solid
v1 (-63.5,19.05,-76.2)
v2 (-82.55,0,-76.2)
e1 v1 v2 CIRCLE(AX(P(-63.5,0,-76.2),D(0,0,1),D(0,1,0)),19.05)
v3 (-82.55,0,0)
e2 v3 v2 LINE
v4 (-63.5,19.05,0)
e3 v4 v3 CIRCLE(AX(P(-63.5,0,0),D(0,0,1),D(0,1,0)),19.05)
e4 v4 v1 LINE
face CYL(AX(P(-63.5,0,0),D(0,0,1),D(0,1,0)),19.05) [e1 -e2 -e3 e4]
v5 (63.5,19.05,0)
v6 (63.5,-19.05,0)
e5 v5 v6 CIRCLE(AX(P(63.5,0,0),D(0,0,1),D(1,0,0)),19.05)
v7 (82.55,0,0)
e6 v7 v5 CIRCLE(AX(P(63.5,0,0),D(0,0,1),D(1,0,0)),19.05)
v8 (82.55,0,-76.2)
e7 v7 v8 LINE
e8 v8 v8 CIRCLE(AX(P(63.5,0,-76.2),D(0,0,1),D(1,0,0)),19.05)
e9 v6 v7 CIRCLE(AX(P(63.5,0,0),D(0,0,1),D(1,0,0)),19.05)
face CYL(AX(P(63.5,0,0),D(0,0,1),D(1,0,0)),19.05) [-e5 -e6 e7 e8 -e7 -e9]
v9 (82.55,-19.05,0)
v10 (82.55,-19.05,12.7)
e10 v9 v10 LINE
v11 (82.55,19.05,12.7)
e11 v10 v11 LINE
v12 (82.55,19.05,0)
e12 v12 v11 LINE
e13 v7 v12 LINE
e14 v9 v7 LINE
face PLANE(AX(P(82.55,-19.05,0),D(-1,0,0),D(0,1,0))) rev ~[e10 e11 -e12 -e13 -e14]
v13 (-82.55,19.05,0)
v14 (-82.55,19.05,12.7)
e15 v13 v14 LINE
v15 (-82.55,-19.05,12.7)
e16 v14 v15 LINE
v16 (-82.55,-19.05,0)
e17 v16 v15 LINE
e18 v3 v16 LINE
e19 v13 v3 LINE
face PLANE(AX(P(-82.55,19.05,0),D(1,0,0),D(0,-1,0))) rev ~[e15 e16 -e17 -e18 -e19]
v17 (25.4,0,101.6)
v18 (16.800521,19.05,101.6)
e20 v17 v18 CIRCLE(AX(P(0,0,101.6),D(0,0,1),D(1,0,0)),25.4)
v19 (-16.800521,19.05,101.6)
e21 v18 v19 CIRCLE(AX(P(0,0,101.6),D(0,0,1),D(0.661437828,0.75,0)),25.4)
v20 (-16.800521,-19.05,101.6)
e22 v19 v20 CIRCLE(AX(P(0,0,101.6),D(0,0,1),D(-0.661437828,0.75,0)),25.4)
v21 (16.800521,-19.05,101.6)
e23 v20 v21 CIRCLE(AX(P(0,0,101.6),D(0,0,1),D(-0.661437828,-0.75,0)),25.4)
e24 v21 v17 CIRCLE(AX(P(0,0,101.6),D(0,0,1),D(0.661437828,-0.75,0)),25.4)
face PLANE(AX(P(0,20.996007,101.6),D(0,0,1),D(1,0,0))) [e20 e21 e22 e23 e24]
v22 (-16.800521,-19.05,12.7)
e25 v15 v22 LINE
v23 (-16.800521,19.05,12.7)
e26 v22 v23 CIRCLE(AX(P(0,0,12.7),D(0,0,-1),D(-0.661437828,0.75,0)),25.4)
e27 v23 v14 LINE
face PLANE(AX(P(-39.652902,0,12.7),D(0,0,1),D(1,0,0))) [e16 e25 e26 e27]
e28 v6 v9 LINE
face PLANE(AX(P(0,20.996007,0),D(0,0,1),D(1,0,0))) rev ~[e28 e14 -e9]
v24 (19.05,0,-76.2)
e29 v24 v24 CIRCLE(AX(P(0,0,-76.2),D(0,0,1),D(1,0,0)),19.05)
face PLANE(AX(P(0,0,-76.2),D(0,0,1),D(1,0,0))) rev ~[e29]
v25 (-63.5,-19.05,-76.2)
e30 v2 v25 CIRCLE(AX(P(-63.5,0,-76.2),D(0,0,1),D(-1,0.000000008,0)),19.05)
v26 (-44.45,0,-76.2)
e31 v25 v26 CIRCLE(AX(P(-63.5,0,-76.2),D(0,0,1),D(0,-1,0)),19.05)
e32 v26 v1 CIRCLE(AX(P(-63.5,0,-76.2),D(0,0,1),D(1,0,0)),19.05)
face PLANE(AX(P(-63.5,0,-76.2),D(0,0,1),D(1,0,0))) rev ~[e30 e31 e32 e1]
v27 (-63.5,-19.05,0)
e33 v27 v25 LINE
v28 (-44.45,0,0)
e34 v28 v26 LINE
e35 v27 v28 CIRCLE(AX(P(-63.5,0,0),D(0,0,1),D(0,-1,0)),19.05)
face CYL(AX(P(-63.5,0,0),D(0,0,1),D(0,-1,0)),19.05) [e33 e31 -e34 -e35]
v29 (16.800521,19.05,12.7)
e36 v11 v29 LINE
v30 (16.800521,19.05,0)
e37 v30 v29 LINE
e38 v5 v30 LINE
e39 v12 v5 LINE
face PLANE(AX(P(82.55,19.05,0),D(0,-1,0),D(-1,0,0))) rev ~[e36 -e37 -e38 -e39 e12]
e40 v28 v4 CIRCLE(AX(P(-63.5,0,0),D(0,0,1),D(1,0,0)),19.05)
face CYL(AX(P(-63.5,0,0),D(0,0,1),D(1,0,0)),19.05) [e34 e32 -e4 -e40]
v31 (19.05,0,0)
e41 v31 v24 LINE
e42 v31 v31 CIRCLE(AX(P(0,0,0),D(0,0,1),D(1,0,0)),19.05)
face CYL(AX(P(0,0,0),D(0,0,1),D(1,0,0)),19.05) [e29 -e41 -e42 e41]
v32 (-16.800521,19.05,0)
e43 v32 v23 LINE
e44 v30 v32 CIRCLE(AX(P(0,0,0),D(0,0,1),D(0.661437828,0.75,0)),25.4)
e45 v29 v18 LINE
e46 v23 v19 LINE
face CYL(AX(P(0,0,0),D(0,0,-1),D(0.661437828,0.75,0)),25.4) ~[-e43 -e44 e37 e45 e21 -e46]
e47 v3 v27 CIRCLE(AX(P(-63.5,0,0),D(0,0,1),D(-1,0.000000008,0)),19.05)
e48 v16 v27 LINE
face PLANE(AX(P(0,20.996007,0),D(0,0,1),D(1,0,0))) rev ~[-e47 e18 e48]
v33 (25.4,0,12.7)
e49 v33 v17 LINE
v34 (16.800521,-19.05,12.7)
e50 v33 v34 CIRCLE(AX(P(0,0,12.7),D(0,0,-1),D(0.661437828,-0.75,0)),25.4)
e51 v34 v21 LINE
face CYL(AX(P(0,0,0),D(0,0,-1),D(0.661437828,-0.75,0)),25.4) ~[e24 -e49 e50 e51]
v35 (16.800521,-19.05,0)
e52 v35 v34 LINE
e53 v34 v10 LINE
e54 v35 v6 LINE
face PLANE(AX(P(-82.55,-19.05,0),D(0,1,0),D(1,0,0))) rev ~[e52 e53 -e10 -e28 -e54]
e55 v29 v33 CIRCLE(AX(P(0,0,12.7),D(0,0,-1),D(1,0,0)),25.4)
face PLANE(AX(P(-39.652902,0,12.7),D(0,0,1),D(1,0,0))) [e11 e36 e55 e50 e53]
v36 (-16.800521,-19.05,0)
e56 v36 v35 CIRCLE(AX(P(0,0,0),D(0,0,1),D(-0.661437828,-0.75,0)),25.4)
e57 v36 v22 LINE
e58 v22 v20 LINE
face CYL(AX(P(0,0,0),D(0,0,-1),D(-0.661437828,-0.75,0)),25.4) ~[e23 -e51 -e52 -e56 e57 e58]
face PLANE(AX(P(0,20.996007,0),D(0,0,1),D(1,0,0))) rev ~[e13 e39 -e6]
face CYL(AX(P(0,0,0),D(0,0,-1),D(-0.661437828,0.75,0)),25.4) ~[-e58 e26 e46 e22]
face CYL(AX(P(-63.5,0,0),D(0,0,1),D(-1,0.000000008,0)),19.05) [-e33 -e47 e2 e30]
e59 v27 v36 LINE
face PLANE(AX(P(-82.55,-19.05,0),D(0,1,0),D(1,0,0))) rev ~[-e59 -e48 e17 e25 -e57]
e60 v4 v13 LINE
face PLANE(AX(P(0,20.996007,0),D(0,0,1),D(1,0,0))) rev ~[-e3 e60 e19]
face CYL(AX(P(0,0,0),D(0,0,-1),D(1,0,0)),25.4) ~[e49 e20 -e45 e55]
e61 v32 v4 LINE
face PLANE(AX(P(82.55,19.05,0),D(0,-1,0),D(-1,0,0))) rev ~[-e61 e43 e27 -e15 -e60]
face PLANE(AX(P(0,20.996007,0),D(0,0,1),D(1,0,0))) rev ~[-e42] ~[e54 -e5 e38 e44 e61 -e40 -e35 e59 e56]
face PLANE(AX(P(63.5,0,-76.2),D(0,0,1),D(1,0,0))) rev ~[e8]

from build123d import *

# Parameters (mm, degrees)
F1_DEPTH = 12.7
F2_DEPTH = 101.6
F3_DEPTH = 76.2


with BuildPart() as f1:
    # F0 (on Top) → F1 (new body)
    with BuildSketch(Plane.XY):
        with BuildLine():
            ThreePointArc((-16.8005208253, -19.05), (-25.4, 0), (-16.8005208253, 19.05))
            Line((-16.8005208253, 19.05), (-63.5, 19.05))
            ThreePointArc((-63.5, 19.05), (-50.0296158184, 13.4703841816), (-44.45, 0))
            ThreePointArc((-44.45, 0), (-50.0296158184, -13.4703841816), (-63.5, -19.05))
            Line((-63.5, -19.05), (-16.8005208253, -19.05))
        make_face()
        with BuildLine():
            ThreePointArc((-82.55, 1.56e-07), (-76.9703841264, 13.4703842368), (-63.5, 19.05))
            Line((-63.5, 19.05), (-82.55, 19.05))
            Line((-82.55, 19.05), (-82.55, 1.56e-07))
        make_face()
        with BuildLine():
            Line((-82.55, -19.05), (-63.5, -19.05))
            ThreePointArc((-63.5, -19.05), (-76.9703842368, -13.4703841264), (-82.55, 1.56e-07))
            Line((-82.55, 1.56e-07), (-82.55, -19.05))
        make_face()
        with BuildLine():
            Line((82.55, 19.05), (63.5, 19.05))
            ThreePointArc((63.5, 19.05), (76.9703841816, 13.4703841816), (82.55, 0))
            Line((82.55, 0), (82.55, 19.05))
        make_face()
        with BuildLine():
            ThreePointArc((82.55, 0), (76.9703841816, -13.4703841816), (63.5, -19.05))
            Line((63.5, -19.05), (82.55, -19.05))
            Line((82.55, -19.05), (82.55, 0))
        make_face()
        with BuildLine():
            ThreePointArc((16.8005208253, 19.05), (23.1505208253, 10.4505208253), (25.4, 0))
            ThreePointArc((25.4, 0), (23.1505208253, -10.4505208253), (16.8005208253, -19.05))
            Line((16.8005208253, -19.05), (63.5, -19.05))
            ThreePointArc((63.5, -19.05), (44.45, 0), (63.5, 19.05))
            Line((63.5, 19.05), (16.8005208253, 19.05))
        make_face()
        with BuildLine():
            ThreePointArc((82.55, 0), (76.9703841816, 13.4703841816), (63.5, 19.05))
            ThreePointArc((63.5, 19.05), (44.45, 0), (63.5, -19.05))
            ThreePointArc((63.5, -19.05), (76.9703841816, -13.4703841816), (82.55, 0))
        make_face()
        with BuildLine():
            ThreePointArc((19.05, 0), (13.4703841605, 13.4703842027), (-5.96e-08, 19.05))
            ThreePointArc((-5.96e-08, 19.05), (-19.05, 7.1e-09), (-7.38e-08, -19.05))
            ThreePointArc((-7.38e-08, -19.05), (13.4703841555, -13.4703842077), (19.05, 0))
        make_face()
        with BuildLine():
            ThreePointArc((16.8005208253, -19.05), (23.1505208253, -10.4505208253), (25.4, 0))
            ThreePointArc((25.4, 0), (23.1505208253, 10.4505208253), (16.8005208253, 19.05))
            Line((16.8005208253, 19.05), (-5.96e-08, 19.05))
            ThreePointArc((-5.96e-08, 19.05), (13.4703841605, 13.4703842027), (19.05, 0))
            ThreePointArc((19.05, 0), (13.4703841555, -13.4703842077), (-7.38e-08, -19.05))
            Line((-7.38e-08, -19.05), (16.8005208253, -19.05))
        make_face()
        with BuildLine():
            Line((-5.96e-08, 19.05), (-16.8005208253, 19.05))
            ThreePointArc((-16.8005208253, 19.05), (-25.4, 0), (-16.8005208253, -19.05))
            Line((-16.8005208253, -19.05), (-7.38e-08, -19.05))
            ThreePointArc((-7.38e-08, -19.05), (-19.05, 7.1e-09), (-5.96e-08, 19.05))
        make_face()
        with BuildLine():
            ThreePointArc((-44.45, 0), (-50.0296158184, 13.4703841816), (-63.5, 19.05))
            ThreePointArc((-63.5, 19.05), (-76.9703841264, 13.4703842368), (-82.55, 1.56e-07))
            ThreePointArc((-82.55, 1.56e-07), (-76.9703842368, -13.4703841264), (-63.5, -19.05))
            ThreePointArc((-63.5, -19.05), (-50.0296158184, -13.4703841816), (-44.45, 0))
        make_face()
    extrude(amount=F1_DEPTH)

    # F0 (on Top) → F2 (join)
    with BuildSketch(Plane.XY):
        with BuildLine():
            Line((-5.96e-08, 19.05), (16.8005208253, 19.05))
            ThreePointArc((16.8005208253, 19.05), (0, 25.4), (-16.8005208253, 19.05))
            Line((-16.8005208253, 19.05), (-5.96e-08, 19.05))
        make_face()
        with BuildLine():
            ThreePointArc((16.8005208253, -19.05), (23.1505208253, -10.4505208253), (25.4, 0))
            ThreePointArc((25.4, 0), (23.1505208253, 10.4505208253), (16.8005208253, 19.05))
            Line((16.8005208253, 19.05), (-5.96e-08, 19.05))
            ThreePointArc((-5.96e-08, 19.05), (13.4703841605, 13.4703842027), (19.05, 0))
            ThreePointArc((19.05, 0), (13.4703841555, -13.4703842077), (-7.38e-08, -19.05))
            Line((-7.38e-08, -19.05), (16.8005208253, -19.05))
        make_face()
        with BuildLine():
            ThreePointArc((19.05, 0), (13.4703841605, 13.4703842027), (-5.96e-08, 19.05))
            ThreePointArc((-5.96e-08, 19.05), (-19.05, 7.1e-09), (-7.38e-08, -19.05))
            ThreePointArc((-7.38e-08, -19.05), (13.4703841555, -13.4703842077), (19.05, 0))
        make_face()
        with BuildLine():
            Line((-5.96e-08, 19.05), (-16.8005208253, 19.05))
            ThreePointArc((-16.8005208253, 19.05), (-25.4, 0), (-16.8005208253, -19.05))
            Line((-16.8005208253, -19.05), (-7.38e-08, -19.05))
            ThreePointArc((-7.38e-08, -19.05), (-19.05, 7.1e-09), (-5.96e-08, 19.05))
        make_face()
        with BuildLine():
            ThreePointArc((-16.8005208253, -19.05), (0, -25.4), (16.8005208253, -19.05))
            Line((16.8005208253, -19.05), (-7.38e-08, -19.05))
            Line((-7.38e-08, -19.05), (-16.8005208253, -19.05))
        make_face()
    extrude(amount=F2_DEPTH)

    # F0 (on Top) → F3 (join)
    with BuildSketch(Plane.XY):
        with BuildLine():
            ThreePointArc((82.55, 0), (76.9703841816, 13.4703841816), (63.5, 19.05))
            ThreePointArc((63.5, 19.05), (44.45, 0), (63.5, -19.05))
            ThreePointArc((63.5, -19.05), (76.9703841816, -13.4703841816), (82.55, 0))
        make_face()
        with BuildLine():
            ThreePointArc((19.05, 0), (13.4703841605, 13.4703842027), (-5.96e-08, 19.05))
            ThreePointArc((-5.96e-08, 19.05), (-19.05, 7.1e-09), (-7.38e-08, -19.05))
            ThreePointArc((-7.38e-08, -19.05), (13.4703841555, -13.4703842077), (19.05, 0))
        make_face()
        with BuildLine():
            ThreePointArc((-44.45, 0), (-50.0296158184, 13.4703841816), (-63.5, 19.05))
            ThreePointArc((-63.5, 19.05), (-76.9703841264, 13.4703842368), (-82.55, 1.56e-07))
            ThreePointArc((-82.55, 1.56e-07), (-76.9703842368, -13.4703841264), (-63.5, -19.05))
            ThreePointArc((-63.5, -19.05), (-50.0296158184, -13.4703841816), (-44.45, 0))
        make_face()
    extrude(amount=-F3_DEPTH)


solid = f1.part
